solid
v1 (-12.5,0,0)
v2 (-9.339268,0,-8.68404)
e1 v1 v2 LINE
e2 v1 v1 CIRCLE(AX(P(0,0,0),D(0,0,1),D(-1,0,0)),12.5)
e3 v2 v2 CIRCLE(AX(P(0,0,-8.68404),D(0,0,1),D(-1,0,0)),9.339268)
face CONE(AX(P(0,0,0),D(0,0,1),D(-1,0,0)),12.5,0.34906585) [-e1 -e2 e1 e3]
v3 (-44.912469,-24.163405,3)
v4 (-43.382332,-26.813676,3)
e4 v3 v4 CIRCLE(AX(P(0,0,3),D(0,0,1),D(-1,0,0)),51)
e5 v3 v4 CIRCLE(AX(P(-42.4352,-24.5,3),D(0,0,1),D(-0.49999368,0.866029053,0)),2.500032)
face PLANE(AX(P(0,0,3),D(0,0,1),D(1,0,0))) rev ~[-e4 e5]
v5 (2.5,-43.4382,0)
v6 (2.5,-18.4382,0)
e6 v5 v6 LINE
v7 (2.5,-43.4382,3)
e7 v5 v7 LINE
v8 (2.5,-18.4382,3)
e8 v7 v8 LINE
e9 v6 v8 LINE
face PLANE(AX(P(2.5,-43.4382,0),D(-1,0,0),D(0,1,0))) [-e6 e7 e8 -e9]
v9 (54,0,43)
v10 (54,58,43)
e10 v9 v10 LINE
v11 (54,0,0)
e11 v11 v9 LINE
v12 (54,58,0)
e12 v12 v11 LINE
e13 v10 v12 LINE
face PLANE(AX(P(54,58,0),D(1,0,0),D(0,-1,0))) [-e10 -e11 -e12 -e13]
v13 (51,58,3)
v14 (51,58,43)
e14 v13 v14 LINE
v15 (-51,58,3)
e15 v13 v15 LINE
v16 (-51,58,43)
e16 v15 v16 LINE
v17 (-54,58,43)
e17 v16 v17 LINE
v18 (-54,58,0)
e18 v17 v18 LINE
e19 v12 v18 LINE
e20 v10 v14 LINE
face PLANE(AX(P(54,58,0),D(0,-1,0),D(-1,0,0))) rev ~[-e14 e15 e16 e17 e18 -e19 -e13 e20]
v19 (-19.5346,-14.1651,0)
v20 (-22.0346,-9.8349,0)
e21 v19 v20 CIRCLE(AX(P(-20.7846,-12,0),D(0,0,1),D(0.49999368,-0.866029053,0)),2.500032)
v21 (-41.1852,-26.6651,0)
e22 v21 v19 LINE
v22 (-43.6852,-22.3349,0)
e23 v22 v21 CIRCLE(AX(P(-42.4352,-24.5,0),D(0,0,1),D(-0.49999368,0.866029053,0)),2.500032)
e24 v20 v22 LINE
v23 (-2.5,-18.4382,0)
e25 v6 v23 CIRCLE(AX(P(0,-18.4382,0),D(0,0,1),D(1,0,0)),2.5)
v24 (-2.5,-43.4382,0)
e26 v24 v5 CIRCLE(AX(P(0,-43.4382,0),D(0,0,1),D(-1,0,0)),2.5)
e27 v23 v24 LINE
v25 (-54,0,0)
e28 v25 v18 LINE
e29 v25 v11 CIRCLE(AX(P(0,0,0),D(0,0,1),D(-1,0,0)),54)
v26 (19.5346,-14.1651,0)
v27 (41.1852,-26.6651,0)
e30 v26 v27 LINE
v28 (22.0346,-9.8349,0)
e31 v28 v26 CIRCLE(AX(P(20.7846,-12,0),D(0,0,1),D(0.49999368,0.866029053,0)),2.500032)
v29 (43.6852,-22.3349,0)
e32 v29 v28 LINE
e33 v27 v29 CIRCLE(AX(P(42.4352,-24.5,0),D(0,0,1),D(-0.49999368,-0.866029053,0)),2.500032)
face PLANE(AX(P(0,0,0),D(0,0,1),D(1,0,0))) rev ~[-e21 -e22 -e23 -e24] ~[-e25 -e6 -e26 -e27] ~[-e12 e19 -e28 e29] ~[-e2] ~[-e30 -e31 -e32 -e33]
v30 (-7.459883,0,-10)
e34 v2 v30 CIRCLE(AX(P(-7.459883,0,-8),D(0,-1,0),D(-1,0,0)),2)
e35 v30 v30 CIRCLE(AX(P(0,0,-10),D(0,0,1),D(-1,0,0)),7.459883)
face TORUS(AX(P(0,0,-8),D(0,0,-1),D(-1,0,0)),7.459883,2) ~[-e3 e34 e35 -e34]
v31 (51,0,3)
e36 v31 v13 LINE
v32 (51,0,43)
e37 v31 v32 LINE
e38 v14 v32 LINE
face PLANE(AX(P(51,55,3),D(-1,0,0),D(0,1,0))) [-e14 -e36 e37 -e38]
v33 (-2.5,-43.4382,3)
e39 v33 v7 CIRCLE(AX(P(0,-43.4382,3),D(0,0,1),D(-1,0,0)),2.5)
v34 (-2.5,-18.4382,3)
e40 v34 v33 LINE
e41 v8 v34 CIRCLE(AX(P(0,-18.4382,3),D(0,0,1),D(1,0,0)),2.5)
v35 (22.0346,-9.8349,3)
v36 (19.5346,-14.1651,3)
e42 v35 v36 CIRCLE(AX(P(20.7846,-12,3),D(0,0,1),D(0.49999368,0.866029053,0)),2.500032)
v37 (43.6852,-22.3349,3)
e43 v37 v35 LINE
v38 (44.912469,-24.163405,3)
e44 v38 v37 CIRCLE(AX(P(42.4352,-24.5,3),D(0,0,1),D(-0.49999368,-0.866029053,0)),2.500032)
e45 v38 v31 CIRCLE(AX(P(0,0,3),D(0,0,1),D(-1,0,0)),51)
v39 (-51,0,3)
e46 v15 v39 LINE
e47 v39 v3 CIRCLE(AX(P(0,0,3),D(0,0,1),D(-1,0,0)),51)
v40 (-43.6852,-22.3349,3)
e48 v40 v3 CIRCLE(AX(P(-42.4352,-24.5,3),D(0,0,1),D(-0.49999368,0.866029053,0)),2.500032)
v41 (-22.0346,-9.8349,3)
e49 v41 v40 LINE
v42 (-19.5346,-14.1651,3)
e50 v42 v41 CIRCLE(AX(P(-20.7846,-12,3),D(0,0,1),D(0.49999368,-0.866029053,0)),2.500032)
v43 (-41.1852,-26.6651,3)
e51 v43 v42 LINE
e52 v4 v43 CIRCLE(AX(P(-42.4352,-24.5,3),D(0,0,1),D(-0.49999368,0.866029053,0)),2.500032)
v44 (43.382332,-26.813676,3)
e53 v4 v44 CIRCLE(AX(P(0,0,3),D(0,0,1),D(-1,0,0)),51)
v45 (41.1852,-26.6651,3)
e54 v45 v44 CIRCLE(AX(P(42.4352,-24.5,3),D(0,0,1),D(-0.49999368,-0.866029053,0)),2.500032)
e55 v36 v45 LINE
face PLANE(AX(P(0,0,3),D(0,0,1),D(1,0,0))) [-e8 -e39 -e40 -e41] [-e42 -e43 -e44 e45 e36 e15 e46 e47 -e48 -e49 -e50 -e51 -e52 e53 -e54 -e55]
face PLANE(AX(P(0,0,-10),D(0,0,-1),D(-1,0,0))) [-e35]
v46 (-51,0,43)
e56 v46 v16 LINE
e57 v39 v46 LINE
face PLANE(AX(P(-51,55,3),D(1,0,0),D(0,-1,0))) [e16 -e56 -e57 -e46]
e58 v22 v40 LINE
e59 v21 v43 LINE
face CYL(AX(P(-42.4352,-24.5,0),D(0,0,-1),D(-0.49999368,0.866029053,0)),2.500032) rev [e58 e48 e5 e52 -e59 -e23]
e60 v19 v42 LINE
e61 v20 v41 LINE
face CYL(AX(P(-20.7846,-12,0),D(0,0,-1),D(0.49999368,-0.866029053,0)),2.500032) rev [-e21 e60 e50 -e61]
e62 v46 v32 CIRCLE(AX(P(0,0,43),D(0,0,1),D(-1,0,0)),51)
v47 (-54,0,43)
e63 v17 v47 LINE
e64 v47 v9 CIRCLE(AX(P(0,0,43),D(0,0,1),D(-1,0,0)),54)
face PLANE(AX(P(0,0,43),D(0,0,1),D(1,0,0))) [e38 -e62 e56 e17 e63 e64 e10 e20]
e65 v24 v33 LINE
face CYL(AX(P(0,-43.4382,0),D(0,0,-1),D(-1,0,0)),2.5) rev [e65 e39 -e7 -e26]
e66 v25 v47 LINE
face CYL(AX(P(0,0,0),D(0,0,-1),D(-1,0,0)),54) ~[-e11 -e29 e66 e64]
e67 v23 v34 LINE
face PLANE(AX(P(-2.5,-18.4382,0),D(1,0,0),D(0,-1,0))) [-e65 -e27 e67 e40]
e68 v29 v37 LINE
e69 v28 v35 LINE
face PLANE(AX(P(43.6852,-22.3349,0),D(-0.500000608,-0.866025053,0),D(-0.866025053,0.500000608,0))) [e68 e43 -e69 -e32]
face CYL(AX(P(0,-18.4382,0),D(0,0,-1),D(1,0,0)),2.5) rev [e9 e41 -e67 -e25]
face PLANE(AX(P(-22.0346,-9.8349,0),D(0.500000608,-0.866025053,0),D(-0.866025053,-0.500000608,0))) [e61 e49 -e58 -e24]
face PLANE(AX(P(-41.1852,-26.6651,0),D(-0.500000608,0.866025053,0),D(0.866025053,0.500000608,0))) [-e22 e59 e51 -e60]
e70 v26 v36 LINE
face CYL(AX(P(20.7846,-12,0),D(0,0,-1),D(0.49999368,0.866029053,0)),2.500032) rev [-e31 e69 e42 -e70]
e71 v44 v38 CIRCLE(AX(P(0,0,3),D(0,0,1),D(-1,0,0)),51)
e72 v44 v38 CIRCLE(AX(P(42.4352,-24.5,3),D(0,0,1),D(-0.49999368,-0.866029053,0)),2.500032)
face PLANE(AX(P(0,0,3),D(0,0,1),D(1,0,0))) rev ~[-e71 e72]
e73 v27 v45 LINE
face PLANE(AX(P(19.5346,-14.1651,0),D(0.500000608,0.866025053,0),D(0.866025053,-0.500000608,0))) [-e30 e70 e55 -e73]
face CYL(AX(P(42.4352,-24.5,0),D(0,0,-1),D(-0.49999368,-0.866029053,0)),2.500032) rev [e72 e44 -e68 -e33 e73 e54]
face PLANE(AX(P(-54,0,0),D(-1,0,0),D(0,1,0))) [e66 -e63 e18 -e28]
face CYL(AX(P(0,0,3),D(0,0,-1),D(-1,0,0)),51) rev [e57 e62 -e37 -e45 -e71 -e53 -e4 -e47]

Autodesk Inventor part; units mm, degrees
ref_plane "YZ Plane" through (0, 0, 0) normal (1, 0, 0) x (0, 1, 0)
ref_plane "XZ Plane" through (0, 0, 0) normal (0, 1, 0) x (-1, 0, 0)
ref_plane "XY Plane" through (0, 0, 0) normal (0, 0, 1) x (1, 0, 0)
sketch "Boceto1" plane through (0, 0, 0) normal (0, 0, 1) x (1, 0, 0)
  arc A0 (-54, 0) -> (54, 0) centre (0, 0) ccw
  line L0 (-54, 0) -> (-54, 58)
  line L1 (54, 58) -> (54, 0)
  arc A1 (54, 0) -> (-54, 0) centre (0, 0) ccw construction
  line L2 (0, -54) -> (0, 58) construction
  line L3 (54, 58) -> (-54, 58)
  line L4 (54, 58) -> (54, 58)
  line L5 (-54, 58) -> (-54, 58)
  line L6 (-54, 58) -> (0, 58) construction
  line L7 (0, 58) -> (54, 58) construction
  line L8 (0, -43.4382) -> (0, -18.4382) construction
  line L9 (2.5, -43.4382) -> (2.5, -18.4382)
  line L10 (-2.5, -18.4382) -> (-2.5, -43.4382)
  arc A2 (-2.5, -43.4382) -> (2.5, -43.4382) centre (0, -43.4382) ccw
  arc A3 (2.5, -18.4382) -> (-2.5, -18.4382) centre (0, -18.4382) ccw
  line L11 (0, 0) -> (-46.7654, -27) construction
  line L12 (0, 0) -> (46.7654, -27) construction
  line L13 (-42.4352, -24.5) -> (-20.7846, -12) construction
  line L14 (-41.1852, -26.6651) -> (-19.5346, -14.1651)
  line L15 (-22.0346, -9.8349) -> (-43.6852, -22.3349)
  arc A4 (-43.6852, -22.3349) -> (-41.1852, -26.6651) centre (-42.4352, -24.5) ccw
  arc A5 (-19.5346, -14.1651) -> (-22.0346, -9.8349) centre (-20.7846, -12) ccw
  line L16 (42.4352, -24.5) -> (20.7846, -12) construction
  line L17 (43.6852, -22.3349) -> (22.0346, -9.8349)
  line L18 (19.5346, -14.1651) -> (41.1852, -26.6651)
  arc A6 (41.1852, -26.6651) -> (43.6852, -22.3349) centre (42.4352, -24.5) ccw
  arc A7 (22.0346, -9.8349) -> (19.5346, -14.1651) centre (20.7846, -12) ccw
  point P0 (0, -30.9382)
  point P1 (-31.6099, -18.25)
  point P2 (31.6099, -18.25)
  dimension "d0" = 108
  dimension "d2" = 112
  dimension "d11" = 60
  dimension "d12" = 60
  dimension "d13" = 5
  dimension "d14" = 5
  dimension "d15" = 5
  dimension "d16" = 25
  dimension "d17" = 25
  dimension "d18" = 25
  dimension "d19" = 5
  dimension "d20" = 5
extrude "Extrusión2" add sketch "Boceto1" along normal blind 3
sketch "Boceto2" plane through (0, 0, 3) normal (0, 0, 1) x (1, 0, 0)
  arc A0 (-54, 0) -> (54, 0) centre (0, 0) ccw projected
  line L0 (54, 0) -> (54, 58) projected
  line L1 (54, 58) -> (-54, 58) construction
  line L2 (-54, 58) -> (-54, 0) projected
  arc A1 (-51, 0) -> (51, 0) centre (0, 0) ccw
  line L3 (51, 0) -> (51, 55)
  line L4 (51, 55) -> (-51, 55) construction
  line L5 (-51, 55) -> (-51, 0)
  line L6 (-51, 55) -> (-51, 58)
  line L7 (51, 55) -> (51, 58)
  line L8 (54, 58) -> (51, 58)
  line L9 (54, 58) -> (-54, 58) projected
  line L10 (-51, 58) -> (-54, 58)
  dimension "d8" = 3
extrude "Extrusión3" add sketch "Boceto2" along normal blind 40 contours L2 L9 L6 L5 A1 L3 L7 L8 L0 A0
sketch "Boceto3" plane through (0, 0, 0) normal (0, 0, -1) x (-1, 0, 0)
  circle A0 centre (0, 0) radius 12.5
  dimension "d21" = 25
extrude "Extrusión4" add sketch "Boceto3" along normal blind 10 draft -20
fillet "Empalme1" radius 2 1 edges at (8.8603, 0, -10)
properties part number "_3DPrint"
